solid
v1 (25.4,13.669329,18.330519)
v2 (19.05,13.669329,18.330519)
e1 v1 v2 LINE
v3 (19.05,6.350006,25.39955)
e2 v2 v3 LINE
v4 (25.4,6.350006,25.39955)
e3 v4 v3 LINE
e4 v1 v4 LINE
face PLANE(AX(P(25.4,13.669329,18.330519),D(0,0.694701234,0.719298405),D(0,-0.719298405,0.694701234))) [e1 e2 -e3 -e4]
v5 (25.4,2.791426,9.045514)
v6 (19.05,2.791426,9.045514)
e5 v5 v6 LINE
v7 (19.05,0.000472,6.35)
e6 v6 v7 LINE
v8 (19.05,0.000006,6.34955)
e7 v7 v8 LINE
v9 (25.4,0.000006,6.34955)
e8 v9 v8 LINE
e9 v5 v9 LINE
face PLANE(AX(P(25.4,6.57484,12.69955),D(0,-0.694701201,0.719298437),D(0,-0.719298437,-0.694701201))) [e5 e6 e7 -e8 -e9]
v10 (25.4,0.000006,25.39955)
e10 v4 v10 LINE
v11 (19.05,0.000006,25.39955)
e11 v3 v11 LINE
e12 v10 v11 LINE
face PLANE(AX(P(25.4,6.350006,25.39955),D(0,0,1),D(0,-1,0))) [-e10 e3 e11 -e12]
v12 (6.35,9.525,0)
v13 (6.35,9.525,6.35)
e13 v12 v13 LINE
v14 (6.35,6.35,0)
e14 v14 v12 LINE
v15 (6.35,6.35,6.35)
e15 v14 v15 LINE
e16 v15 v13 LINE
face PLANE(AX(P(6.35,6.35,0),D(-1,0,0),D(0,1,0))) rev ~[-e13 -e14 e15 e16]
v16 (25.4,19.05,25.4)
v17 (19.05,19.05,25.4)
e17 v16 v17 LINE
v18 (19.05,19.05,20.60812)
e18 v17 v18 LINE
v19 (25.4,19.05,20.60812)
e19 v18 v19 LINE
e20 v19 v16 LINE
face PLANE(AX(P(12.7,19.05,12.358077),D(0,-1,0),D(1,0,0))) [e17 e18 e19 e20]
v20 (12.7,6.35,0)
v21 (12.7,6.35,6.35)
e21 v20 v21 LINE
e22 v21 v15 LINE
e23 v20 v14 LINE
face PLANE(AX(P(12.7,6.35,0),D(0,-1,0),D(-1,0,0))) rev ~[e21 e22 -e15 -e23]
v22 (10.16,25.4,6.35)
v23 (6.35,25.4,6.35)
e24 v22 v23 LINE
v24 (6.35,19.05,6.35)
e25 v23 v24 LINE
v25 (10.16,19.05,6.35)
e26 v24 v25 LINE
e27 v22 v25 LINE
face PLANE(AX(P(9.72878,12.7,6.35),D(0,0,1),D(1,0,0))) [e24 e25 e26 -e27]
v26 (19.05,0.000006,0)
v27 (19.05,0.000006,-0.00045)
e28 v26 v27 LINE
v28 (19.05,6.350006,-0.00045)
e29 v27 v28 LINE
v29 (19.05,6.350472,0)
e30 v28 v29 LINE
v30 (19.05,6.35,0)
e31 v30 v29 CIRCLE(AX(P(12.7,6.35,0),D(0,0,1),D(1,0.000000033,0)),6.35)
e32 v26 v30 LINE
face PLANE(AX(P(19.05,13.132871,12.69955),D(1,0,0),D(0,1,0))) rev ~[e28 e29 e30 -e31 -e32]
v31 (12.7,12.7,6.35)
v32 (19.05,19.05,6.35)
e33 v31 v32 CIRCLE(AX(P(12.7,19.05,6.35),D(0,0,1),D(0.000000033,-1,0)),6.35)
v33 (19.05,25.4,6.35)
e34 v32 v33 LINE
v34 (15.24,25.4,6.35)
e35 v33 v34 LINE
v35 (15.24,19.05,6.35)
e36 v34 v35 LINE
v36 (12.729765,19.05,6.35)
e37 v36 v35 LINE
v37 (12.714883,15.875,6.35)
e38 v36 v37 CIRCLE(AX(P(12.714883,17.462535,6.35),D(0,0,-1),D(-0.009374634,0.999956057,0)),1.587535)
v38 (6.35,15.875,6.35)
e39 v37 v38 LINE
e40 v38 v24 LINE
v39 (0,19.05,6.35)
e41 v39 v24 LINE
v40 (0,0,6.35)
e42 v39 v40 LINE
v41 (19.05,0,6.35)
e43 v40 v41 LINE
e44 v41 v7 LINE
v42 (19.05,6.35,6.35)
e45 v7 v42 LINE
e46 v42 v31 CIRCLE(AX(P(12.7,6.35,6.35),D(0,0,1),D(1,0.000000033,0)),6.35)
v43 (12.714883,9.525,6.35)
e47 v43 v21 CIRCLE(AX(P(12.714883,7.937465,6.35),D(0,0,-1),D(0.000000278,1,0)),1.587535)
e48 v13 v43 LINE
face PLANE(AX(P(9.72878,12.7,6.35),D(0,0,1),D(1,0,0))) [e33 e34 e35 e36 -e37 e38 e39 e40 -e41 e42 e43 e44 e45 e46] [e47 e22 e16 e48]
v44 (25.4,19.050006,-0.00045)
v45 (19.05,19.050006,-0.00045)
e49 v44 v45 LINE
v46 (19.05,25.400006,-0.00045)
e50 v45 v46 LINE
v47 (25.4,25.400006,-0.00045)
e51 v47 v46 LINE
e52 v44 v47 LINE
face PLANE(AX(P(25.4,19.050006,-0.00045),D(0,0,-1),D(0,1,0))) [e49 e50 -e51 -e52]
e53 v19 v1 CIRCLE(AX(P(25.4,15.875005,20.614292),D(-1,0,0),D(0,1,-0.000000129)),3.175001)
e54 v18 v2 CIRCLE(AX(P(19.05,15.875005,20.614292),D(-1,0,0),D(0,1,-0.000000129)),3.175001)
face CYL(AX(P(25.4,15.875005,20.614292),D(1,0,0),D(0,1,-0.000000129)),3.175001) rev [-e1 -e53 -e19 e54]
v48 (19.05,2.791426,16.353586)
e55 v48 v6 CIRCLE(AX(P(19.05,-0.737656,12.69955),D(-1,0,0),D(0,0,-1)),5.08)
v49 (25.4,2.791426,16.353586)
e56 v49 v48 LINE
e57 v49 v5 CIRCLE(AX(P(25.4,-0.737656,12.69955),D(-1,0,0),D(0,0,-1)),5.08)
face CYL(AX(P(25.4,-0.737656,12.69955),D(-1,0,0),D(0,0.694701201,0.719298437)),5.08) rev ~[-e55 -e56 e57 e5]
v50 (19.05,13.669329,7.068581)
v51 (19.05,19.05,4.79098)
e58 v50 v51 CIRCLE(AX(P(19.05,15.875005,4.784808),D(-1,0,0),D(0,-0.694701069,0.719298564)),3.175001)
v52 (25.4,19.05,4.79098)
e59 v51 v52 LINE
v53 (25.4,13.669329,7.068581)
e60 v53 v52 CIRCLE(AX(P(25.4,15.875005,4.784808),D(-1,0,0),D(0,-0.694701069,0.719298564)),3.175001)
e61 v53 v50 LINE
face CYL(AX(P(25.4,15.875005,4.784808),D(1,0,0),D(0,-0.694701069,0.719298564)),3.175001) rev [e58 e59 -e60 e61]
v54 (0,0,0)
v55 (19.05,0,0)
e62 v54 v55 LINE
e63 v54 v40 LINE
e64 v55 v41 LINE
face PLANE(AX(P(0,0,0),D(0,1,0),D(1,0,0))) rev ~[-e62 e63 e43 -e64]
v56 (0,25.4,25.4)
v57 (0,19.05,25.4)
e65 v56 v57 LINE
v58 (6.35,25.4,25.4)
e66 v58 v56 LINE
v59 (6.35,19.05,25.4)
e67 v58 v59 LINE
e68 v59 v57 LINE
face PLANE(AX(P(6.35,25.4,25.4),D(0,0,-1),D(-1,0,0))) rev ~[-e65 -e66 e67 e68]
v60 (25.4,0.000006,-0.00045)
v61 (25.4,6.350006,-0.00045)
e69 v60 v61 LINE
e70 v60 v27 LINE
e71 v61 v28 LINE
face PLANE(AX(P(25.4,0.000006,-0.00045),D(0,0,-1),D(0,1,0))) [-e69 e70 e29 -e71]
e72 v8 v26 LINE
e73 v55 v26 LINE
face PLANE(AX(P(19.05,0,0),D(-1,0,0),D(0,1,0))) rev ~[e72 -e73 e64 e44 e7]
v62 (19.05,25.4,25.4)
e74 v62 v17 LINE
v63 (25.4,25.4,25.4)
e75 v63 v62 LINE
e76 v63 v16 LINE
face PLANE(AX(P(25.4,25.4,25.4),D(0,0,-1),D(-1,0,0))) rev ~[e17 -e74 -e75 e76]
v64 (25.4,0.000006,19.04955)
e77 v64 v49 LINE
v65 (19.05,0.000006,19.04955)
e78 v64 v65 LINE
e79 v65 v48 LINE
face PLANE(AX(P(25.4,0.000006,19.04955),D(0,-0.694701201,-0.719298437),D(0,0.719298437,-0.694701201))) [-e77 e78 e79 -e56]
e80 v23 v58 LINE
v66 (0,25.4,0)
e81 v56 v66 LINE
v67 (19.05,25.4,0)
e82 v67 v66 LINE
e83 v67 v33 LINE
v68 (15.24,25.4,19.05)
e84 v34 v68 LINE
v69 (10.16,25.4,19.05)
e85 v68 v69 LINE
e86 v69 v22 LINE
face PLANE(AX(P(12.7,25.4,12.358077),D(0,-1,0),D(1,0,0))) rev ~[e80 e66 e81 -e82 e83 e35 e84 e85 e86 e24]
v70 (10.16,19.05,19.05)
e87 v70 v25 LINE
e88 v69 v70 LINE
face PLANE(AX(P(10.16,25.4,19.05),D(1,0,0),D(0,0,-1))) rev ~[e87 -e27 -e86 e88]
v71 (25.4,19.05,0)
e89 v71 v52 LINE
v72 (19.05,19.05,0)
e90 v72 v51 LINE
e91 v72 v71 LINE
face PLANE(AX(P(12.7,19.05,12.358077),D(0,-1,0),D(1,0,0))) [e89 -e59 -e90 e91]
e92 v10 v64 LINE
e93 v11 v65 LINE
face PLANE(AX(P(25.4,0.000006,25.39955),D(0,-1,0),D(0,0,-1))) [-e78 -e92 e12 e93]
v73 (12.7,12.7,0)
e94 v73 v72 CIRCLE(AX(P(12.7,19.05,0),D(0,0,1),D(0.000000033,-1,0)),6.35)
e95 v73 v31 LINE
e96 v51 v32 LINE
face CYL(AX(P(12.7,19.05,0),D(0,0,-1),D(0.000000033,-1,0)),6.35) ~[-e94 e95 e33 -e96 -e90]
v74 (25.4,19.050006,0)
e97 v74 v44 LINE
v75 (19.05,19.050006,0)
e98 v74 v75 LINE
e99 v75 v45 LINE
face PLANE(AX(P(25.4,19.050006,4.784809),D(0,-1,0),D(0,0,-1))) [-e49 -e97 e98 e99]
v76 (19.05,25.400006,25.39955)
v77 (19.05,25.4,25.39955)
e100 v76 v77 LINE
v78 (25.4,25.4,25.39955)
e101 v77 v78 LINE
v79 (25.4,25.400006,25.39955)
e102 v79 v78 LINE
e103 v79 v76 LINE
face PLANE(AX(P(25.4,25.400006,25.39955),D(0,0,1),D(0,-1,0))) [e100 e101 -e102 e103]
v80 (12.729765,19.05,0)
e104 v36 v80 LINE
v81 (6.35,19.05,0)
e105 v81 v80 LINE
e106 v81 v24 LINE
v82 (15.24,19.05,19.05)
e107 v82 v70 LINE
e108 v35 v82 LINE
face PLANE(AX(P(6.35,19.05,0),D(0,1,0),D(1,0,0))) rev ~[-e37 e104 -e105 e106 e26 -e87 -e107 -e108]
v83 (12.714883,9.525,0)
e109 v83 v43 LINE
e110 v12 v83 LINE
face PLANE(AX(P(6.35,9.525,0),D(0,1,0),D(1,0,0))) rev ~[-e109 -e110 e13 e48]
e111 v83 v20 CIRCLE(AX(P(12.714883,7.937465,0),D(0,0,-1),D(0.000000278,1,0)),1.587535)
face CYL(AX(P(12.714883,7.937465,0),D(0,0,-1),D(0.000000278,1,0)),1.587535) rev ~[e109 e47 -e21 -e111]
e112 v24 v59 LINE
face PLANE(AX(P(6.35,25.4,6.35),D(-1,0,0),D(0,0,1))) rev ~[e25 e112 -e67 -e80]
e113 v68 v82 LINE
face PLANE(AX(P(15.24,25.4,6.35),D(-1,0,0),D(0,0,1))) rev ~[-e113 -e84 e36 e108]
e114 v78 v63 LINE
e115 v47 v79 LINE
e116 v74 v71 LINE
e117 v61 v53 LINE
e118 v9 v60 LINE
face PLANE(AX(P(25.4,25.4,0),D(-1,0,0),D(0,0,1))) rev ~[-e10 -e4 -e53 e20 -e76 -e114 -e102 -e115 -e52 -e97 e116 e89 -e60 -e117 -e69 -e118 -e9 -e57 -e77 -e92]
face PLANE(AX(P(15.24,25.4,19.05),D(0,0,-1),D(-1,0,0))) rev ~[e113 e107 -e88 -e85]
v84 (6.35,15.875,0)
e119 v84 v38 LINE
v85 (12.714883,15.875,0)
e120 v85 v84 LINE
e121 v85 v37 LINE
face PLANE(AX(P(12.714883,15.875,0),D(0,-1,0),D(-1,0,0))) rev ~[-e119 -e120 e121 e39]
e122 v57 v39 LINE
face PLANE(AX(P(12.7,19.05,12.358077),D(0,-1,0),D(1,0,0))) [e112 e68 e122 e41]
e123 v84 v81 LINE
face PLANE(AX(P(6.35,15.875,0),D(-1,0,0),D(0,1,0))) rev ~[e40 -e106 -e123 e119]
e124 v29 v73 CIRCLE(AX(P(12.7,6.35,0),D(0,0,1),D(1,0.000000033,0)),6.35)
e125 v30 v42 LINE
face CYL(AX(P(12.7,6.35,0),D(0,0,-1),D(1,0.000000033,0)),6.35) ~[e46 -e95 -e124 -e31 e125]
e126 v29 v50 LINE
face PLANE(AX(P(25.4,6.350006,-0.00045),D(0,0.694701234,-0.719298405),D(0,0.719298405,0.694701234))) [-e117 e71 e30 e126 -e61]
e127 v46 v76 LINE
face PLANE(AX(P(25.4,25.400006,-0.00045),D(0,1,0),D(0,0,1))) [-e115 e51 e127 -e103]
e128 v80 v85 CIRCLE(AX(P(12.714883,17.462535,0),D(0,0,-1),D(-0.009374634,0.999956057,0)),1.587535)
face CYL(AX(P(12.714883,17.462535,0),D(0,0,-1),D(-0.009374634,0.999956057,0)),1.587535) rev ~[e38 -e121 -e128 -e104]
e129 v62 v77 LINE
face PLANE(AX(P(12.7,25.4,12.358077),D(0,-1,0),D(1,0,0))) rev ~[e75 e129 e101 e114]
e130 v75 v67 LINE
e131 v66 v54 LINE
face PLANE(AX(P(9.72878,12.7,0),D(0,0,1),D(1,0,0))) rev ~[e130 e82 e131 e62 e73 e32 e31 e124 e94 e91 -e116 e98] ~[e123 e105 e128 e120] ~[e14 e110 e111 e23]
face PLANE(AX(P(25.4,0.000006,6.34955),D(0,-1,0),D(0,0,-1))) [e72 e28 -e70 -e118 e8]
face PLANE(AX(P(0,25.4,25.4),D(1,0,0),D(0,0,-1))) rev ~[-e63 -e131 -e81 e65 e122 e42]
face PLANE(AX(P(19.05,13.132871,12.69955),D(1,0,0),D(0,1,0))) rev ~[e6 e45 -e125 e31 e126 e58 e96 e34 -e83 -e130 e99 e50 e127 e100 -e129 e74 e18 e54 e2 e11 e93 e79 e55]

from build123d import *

# Parameters (mm, degrees)
F5_DEPTH = 6.35
F6_DEPTH = 6.35
F7_DEPTH = 6.35
F8_R     = 5.08


with BuildPart() as f5:
    # F2 (on Top) → F5 (new body)
    with BuildSketch(Plane.XY):
        with BuildLine():
            Line((0, 25.4), (0, 0))
            Line((0, 0), (19.05, 0))
            Line((19.05, 0), (19.05, 6.35))
            ThreePointArc((19.05, 6.35), (17.190128, 10.840128), (12.7, 12.7))
            ThreePointArc((12.7, 12.7), (17.190128, 14.559872), (19.05, 19.05))
            Line((19.05, 19.05), (19.05, 25.4))
            Line((19.05, 25.4), (0, 25.4))
        make_face()
        with BuildLine():
            Line((6.35, 6.35), (6.35, 9.525))
            Line((6.35, 9.525), (12.714883, 9.525))
            ThreePointArc((12.714883, 9.525), (14.3024, 7.930024), (12.7, 6.35))
            Line((12.7, 6.35), (6.35, 6.35))
        make_face(mode=Mode.SUBTRACT)
        with BuildLine():
            Line((6.35, 15.875), (6.35, 19.05))
            Line((6.35, 19.05), (12.7, 19.05))
            ThreePointArc((12.7, 19.05), (14.3024, 17.469976), (12.714883, 15.875))
            Line((12.714883, 15.875), (6.35, 15.875))
        make_face(mode=Mode.SUBTRACT)
    extrude(amount=F5_DEPTH)

    # F4 (on offset) → F6 (join)
    with BuildSketch(Plane.YZ.offset(25.4)):
        with BuildLine():
            Line((19.050006, -0.00045), (25.400006, -0.00045))
            Line((25.400006, -0.00045), (25.400006, 25.39955))
            Line((25.400006, 25.39955), (19.050006, 25.39955))
            Line((19.050006, 25.39955), (19.050006, 20.614292))
            ThreePointArc((19.050006, 20.614292), (17.11549, 17.691652), (13.669329, 18.330519))
            Line((13.669329, 18.330519), (6.350006, 25.39955))
            Line((6.350006, 25.39955), (6e-06, 25.39955))
            Line((6e-06, 25.39955), (6e-06, 19.04955))
            Line((6e-06, 19.04955), (6.57484, 12.69955))
            Line((6.57484, 12.69955), (6e-06, 6.34955))
            Line((6e-06, 6.34955), (6e-06, -0.00045))
            Line((6e-06, -0.00045), (6.350006, -0.00045))
            Line((6.350006, -0.00045), (13.669329, 7.068581))
            ThreePointArc((13.669329, 7.068581), (17.11549, 7.707448), (19.050006, 4.784809))
            Line((19.050006, 4.784809), (19.050006, -0.00045))
        make_face()
    extrude(amount=-F6_DEPTH)

    # F3 (on offset) → F7 (join)
    with BuildSketch(Plane.XZ.offset(-25.4)):
        Polygon((6.35, 25.4), (0, 25.4), (0, 0), (25.4, 0), (25.4, 25.4), (19.05, 25.4), (19.05, 6.35), (15.24, 6.35), (15.24, 19.05), (10.16, 19.05), (10.16, 6.35), (6.35, 6.35), align=None)
    extrude(amount=F7_DEPTH)

    # F8
    f8_edges = [f5.edges().sort_by_distance(p)[0] for p in [
        (22.225, 6.57484, 12.69955),
    ]]
    fillet(f8_edges, radius=F8_R)


solid = f5.part
